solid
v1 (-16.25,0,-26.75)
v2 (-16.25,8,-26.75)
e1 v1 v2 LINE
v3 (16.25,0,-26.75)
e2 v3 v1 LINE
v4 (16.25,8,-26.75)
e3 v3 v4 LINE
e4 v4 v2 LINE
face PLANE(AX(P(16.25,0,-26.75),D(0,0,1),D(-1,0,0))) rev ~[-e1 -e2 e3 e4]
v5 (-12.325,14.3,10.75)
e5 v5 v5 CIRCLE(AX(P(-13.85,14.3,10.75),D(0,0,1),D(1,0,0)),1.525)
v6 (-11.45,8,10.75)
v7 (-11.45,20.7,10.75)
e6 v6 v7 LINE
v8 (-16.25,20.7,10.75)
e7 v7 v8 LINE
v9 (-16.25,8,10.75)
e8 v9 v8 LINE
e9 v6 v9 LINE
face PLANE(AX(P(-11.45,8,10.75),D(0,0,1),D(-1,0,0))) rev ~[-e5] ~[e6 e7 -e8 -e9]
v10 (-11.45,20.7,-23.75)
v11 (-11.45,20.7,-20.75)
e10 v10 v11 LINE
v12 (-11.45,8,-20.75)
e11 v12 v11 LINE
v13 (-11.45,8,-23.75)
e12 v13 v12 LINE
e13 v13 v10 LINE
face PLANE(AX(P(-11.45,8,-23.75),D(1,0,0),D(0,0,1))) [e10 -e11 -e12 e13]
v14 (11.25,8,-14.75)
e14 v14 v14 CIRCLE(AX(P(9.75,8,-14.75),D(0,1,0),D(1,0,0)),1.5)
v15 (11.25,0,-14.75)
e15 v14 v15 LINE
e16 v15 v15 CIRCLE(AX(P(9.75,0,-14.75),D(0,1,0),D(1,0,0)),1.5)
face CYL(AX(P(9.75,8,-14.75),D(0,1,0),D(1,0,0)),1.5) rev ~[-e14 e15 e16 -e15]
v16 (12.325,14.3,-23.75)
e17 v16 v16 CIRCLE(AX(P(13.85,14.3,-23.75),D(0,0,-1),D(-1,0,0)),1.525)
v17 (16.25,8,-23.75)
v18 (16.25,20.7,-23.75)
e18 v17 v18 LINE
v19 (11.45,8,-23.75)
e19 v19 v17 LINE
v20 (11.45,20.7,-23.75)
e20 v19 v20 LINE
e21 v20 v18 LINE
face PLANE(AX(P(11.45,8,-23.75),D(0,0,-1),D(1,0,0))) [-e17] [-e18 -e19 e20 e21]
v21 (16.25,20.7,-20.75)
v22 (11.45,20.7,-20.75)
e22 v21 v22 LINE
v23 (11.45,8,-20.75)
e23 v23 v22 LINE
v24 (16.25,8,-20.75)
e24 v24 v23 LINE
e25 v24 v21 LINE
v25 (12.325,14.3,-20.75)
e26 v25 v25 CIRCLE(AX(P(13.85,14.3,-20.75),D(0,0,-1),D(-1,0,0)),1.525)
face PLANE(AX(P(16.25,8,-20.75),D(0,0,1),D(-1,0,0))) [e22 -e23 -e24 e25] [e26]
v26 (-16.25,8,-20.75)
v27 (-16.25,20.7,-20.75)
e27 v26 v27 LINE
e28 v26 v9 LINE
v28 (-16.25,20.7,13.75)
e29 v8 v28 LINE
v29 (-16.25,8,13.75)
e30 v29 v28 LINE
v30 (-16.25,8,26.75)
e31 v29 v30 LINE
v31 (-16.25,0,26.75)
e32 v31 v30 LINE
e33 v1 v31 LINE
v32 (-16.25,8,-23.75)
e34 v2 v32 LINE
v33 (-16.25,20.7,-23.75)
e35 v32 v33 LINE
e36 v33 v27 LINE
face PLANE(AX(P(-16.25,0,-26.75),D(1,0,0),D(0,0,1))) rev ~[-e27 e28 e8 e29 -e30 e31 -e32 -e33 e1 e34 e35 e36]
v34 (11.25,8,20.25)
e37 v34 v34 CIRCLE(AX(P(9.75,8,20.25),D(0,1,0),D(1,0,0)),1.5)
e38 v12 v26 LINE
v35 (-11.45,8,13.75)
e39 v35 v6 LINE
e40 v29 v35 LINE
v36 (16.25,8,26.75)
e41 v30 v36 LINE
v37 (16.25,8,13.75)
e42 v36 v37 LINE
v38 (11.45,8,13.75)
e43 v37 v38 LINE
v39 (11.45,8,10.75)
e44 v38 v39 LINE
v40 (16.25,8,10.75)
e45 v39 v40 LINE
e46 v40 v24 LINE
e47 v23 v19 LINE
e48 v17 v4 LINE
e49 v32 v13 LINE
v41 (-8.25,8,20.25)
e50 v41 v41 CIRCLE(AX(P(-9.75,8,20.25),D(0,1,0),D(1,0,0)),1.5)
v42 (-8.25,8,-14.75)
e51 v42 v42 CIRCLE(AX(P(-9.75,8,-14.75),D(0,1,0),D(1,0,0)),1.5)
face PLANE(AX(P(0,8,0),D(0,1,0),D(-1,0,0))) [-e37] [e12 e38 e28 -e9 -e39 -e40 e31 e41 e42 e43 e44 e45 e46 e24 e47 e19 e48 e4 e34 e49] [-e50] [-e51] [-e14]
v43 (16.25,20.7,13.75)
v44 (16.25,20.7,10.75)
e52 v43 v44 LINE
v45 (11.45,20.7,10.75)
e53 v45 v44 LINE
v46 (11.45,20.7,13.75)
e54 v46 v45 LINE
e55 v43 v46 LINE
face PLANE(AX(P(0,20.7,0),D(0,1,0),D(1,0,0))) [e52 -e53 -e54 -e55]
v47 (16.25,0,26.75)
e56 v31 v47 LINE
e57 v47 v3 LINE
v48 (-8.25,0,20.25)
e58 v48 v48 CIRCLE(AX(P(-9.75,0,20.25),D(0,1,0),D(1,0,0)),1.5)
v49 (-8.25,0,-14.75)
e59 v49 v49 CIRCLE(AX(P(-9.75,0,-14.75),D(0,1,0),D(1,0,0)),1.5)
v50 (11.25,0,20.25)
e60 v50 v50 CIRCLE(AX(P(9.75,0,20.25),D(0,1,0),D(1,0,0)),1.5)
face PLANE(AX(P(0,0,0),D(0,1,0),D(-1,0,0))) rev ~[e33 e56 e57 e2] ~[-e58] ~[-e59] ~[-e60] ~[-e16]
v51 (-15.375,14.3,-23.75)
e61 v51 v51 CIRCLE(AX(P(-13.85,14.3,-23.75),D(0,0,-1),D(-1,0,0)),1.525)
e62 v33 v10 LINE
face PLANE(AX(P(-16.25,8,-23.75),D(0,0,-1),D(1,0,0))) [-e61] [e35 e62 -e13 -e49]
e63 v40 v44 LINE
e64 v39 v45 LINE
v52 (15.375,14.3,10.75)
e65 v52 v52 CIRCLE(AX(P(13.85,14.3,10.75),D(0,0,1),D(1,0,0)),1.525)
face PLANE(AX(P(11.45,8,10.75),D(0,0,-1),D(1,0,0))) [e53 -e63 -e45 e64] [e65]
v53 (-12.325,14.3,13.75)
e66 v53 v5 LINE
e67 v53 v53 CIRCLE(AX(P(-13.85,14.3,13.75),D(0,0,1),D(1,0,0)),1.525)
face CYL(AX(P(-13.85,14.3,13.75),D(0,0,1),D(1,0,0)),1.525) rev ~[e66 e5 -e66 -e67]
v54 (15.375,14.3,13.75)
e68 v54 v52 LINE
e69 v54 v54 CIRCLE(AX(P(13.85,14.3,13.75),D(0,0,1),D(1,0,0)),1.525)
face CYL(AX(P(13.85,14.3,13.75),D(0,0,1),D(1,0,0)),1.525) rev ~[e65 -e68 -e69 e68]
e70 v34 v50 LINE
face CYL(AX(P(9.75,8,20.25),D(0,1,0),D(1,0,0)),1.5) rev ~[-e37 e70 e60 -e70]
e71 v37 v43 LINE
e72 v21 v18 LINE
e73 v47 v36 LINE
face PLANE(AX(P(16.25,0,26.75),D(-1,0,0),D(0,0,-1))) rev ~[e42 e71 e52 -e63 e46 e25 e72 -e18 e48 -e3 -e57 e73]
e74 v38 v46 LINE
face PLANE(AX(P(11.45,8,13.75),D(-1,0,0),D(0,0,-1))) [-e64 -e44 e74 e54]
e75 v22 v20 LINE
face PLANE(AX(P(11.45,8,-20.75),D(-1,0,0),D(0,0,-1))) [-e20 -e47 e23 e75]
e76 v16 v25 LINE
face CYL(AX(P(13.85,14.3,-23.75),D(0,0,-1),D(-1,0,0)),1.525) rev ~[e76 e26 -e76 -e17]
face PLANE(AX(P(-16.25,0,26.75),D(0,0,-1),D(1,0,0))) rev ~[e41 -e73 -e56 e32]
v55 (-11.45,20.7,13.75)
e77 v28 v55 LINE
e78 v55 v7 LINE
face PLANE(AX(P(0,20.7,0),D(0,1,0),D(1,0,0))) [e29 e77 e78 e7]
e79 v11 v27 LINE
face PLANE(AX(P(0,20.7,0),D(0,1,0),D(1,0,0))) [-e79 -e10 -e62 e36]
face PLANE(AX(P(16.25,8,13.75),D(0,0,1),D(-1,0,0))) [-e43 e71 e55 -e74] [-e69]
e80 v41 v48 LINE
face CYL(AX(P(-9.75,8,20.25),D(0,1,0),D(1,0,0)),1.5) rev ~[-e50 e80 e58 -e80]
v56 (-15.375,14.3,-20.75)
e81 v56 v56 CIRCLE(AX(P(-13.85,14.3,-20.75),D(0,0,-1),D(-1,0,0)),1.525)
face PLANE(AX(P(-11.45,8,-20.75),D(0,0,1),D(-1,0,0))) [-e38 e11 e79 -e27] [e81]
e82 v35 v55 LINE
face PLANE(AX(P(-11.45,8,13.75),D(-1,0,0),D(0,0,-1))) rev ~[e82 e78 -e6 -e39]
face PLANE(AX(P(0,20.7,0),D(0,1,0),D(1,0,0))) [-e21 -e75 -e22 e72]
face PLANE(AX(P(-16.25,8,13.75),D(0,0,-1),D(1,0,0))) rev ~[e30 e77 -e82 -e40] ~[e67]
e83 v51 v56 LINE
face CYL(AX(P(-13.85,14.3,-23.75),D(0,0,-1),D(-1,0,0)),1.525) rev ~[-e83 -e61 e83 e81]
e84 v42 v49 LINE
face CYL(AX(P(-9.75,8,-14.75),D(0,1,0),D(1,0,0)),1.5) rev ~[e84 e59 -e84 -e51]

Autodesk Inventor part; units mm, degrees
ref_plane "YZ Plane" through (0, 0, 0) normal (1, 0, 0) x (0, 1, 0)
ref_plane "XZ Plane" through (0, 0, 0) normal (0, 1, 0) x (-1, 0, 0)
ref_plane "XY Plane" through (0, 0, 0) normal (0, 0, 1) x (1, 0, 0)
sketch "Szkic1" plane through (0, 0, 0) normal (0, 1, 0) x (-1, 0, 0)
  line L0 (16.25, 26.75) -> (-16.25, 26.75)
  line L1 (-16.25, 26.75) -> (-16.25, -26.75)
  line L2 (-16.25, -26.75) -> (16.25, -26.75)
  line L3 (16.25, -26.75) -> (16.25, 26.75)
  point P0 (0, 0)
  point P1 (0, 0)
  point P2 (0, 26.75)
  dimension "d0" = 32.5
  dimension "d1" = 53.5
  dimension "d2" = 26.75
  dimension "d3" = 16.25
extrude "Wyciągnięcie proste1" add sketch "Szkic1" along normal blind 8
sketch "Szkic2" plane through (0, 8, 0) normal (0, 1, 0) x (1, 0, 0)
  line L0 (-16.25, -26.75) -> (16.25, -26.75) projected
  line L1 (-16.25, 26.75) -> (-16.25, -26.75) projected
  line L2 (16.25, -26.75) -> (16.25, 26.75) projected
  line L3 (-16.25, -13.75) -> (-11.45, -13.75)
  line L4 (-11.45, -13.75) -> (-11.45, -10.75)
  line L5 (-11.45, -10.75) -> (-16.25, -10.75)
  line L6 (-16.25, -10.75) -> (-16.25, -13.75)
  line L7 (16.25, -13.75) -> (11.45, -13.75)
  line L8 (11.45, -13.75) -> (11.45, -10.75)
  line L9 (11.45, -10.75) -> (16.25, -10.75)
  line L10 (16.25, -10.75) -> (16.25, -13.75)
  line L11 (-16.25, 23.75) -> (-11.45, 23.75)
  line L12 (-11.45, 23.75) -> (-11.45, 20.75)
  line L13 (-11.45, 20.75) -> (-16.25, 20.75)
  line L14 (-16.25, 20.75) -> (-16.25, 23.75)
  line L15 (16.25, 20.75) -> (11.45, 20.75)
  line L16 (11.45, 20.75) -> (11.45, 23.75)
  line L17 (11.45, 23.75) -> (16.25, 23.75)
  line L18 (16.25, 23.75) -> (16.25, 20.75)
  point P0 (0, 0)
  dimension "d7" = 4.8
  dimension "d8" = 3
  dimension "d9" = 4.8
  dimension "d10" = 3
  dimension "d11" = 4.8
  dimension "d12" = 3
  dimension "d13" = 4.8
  dimension "d14" = 3
  dimension "d15" = 13
  dimension "d16" = 13
  dimension "d17" = 3
  dimension "d18" = 3
extrude "Wyciągnięcie proste2" add sketch "Szkic2" along normal blind 12.7
sketch "Szkic3" plane through (-16.25, 8, 13.75) normal (0, 0, 1) x (1, 0, 0)
  circle A0 centre (2.4, 6.3) radius 1.525
  circle A1 centre (30.1, 6.3) radius 1.525
  line L0 (0, 0) -> (32.5, 0) projected
  line L1 (4.8, 0) -> (4.8, 12.7) projected
  line L2 (32.5, 0) -> (32.5, 12.7) projected
  point P0 (16.25, -8)
  dimension "d21" = 3.05
  dimension "d22" = 3.05
  dimension "d23" = 6.3
  dimension "d24" = 6.3
  dimension "d25" = 2.4
  dimension "d26" = 2.4
sketch "Szkic4" plane through (-16.25, 8, -20.75) normal (0, 0, 1) x (1, 0, 0)
  point P0 (16.25, -8)
sketch "Szkic5" plane through (-11.45, 8, -23.75) normal (0, 0, -1) x (-1, 0, 0)
  circle A0 centre (-25.3, 6.3) radius 1.525
  circle A1 centre (2.4, 6.3) radius 1.525
  line L0 (-27.7, 0) -> (4.8, 0) projected
  line L1 (-22.9, 0) -> (-22.9, 12.7) projected
  line L2 (4.8, 0) -> (4.8, 12.7) projected
  point P0 (-11.45, -8)
  dimension "d27" = 3.05
  dimension "d28" = 3.05
  dimension "d29" = 6.3
  dimension "d30" = 2.4
  dimension "d31" = 2.4
  dimension "d32" = 6.3
extrude "Wyciągnięcie proste3" cut sketch "Szkic3" against normal blind 3
extrude "Wyciągnięcie proste4" cut sketch "Szkic5" against normal blind 3
sketch "Szkic6" plane through (0, 8, 0) normal (0, 1, 0) x (1, 0, 0)
  circle A0 centre (-9.75, 14.75) radius 1.5
  line L0 (16.25, 26.75) -> (-16.25, 26.75) projected
  line L1 (-16.25, 20.75) -> (-16.25, -10.75) projected
  circle A1 centre (-9.75, -20.25) radius 1.5
  line L2 (0, 26.75) -> (0, -26.75)
  line L3 (-16.25, -26.75) -> (16.25, -26.75) projected
  circle A2 centre (9.75, 14.75) radius 1.5
  circle A3 centre (9.75, -20.25) radius 1.5
  point P0 (0, 0)
  dimension "d37" = 3
  dimension "d38" = 12
  dimension "d39" = 6.5
  dimension "d42" = 35
  dimension "d49" = 9.75
extrude "Wyciągnięcie proste5" cut sketch "Szkic6" against normal blind 10
properties part number "Base_to_servo_mount"
